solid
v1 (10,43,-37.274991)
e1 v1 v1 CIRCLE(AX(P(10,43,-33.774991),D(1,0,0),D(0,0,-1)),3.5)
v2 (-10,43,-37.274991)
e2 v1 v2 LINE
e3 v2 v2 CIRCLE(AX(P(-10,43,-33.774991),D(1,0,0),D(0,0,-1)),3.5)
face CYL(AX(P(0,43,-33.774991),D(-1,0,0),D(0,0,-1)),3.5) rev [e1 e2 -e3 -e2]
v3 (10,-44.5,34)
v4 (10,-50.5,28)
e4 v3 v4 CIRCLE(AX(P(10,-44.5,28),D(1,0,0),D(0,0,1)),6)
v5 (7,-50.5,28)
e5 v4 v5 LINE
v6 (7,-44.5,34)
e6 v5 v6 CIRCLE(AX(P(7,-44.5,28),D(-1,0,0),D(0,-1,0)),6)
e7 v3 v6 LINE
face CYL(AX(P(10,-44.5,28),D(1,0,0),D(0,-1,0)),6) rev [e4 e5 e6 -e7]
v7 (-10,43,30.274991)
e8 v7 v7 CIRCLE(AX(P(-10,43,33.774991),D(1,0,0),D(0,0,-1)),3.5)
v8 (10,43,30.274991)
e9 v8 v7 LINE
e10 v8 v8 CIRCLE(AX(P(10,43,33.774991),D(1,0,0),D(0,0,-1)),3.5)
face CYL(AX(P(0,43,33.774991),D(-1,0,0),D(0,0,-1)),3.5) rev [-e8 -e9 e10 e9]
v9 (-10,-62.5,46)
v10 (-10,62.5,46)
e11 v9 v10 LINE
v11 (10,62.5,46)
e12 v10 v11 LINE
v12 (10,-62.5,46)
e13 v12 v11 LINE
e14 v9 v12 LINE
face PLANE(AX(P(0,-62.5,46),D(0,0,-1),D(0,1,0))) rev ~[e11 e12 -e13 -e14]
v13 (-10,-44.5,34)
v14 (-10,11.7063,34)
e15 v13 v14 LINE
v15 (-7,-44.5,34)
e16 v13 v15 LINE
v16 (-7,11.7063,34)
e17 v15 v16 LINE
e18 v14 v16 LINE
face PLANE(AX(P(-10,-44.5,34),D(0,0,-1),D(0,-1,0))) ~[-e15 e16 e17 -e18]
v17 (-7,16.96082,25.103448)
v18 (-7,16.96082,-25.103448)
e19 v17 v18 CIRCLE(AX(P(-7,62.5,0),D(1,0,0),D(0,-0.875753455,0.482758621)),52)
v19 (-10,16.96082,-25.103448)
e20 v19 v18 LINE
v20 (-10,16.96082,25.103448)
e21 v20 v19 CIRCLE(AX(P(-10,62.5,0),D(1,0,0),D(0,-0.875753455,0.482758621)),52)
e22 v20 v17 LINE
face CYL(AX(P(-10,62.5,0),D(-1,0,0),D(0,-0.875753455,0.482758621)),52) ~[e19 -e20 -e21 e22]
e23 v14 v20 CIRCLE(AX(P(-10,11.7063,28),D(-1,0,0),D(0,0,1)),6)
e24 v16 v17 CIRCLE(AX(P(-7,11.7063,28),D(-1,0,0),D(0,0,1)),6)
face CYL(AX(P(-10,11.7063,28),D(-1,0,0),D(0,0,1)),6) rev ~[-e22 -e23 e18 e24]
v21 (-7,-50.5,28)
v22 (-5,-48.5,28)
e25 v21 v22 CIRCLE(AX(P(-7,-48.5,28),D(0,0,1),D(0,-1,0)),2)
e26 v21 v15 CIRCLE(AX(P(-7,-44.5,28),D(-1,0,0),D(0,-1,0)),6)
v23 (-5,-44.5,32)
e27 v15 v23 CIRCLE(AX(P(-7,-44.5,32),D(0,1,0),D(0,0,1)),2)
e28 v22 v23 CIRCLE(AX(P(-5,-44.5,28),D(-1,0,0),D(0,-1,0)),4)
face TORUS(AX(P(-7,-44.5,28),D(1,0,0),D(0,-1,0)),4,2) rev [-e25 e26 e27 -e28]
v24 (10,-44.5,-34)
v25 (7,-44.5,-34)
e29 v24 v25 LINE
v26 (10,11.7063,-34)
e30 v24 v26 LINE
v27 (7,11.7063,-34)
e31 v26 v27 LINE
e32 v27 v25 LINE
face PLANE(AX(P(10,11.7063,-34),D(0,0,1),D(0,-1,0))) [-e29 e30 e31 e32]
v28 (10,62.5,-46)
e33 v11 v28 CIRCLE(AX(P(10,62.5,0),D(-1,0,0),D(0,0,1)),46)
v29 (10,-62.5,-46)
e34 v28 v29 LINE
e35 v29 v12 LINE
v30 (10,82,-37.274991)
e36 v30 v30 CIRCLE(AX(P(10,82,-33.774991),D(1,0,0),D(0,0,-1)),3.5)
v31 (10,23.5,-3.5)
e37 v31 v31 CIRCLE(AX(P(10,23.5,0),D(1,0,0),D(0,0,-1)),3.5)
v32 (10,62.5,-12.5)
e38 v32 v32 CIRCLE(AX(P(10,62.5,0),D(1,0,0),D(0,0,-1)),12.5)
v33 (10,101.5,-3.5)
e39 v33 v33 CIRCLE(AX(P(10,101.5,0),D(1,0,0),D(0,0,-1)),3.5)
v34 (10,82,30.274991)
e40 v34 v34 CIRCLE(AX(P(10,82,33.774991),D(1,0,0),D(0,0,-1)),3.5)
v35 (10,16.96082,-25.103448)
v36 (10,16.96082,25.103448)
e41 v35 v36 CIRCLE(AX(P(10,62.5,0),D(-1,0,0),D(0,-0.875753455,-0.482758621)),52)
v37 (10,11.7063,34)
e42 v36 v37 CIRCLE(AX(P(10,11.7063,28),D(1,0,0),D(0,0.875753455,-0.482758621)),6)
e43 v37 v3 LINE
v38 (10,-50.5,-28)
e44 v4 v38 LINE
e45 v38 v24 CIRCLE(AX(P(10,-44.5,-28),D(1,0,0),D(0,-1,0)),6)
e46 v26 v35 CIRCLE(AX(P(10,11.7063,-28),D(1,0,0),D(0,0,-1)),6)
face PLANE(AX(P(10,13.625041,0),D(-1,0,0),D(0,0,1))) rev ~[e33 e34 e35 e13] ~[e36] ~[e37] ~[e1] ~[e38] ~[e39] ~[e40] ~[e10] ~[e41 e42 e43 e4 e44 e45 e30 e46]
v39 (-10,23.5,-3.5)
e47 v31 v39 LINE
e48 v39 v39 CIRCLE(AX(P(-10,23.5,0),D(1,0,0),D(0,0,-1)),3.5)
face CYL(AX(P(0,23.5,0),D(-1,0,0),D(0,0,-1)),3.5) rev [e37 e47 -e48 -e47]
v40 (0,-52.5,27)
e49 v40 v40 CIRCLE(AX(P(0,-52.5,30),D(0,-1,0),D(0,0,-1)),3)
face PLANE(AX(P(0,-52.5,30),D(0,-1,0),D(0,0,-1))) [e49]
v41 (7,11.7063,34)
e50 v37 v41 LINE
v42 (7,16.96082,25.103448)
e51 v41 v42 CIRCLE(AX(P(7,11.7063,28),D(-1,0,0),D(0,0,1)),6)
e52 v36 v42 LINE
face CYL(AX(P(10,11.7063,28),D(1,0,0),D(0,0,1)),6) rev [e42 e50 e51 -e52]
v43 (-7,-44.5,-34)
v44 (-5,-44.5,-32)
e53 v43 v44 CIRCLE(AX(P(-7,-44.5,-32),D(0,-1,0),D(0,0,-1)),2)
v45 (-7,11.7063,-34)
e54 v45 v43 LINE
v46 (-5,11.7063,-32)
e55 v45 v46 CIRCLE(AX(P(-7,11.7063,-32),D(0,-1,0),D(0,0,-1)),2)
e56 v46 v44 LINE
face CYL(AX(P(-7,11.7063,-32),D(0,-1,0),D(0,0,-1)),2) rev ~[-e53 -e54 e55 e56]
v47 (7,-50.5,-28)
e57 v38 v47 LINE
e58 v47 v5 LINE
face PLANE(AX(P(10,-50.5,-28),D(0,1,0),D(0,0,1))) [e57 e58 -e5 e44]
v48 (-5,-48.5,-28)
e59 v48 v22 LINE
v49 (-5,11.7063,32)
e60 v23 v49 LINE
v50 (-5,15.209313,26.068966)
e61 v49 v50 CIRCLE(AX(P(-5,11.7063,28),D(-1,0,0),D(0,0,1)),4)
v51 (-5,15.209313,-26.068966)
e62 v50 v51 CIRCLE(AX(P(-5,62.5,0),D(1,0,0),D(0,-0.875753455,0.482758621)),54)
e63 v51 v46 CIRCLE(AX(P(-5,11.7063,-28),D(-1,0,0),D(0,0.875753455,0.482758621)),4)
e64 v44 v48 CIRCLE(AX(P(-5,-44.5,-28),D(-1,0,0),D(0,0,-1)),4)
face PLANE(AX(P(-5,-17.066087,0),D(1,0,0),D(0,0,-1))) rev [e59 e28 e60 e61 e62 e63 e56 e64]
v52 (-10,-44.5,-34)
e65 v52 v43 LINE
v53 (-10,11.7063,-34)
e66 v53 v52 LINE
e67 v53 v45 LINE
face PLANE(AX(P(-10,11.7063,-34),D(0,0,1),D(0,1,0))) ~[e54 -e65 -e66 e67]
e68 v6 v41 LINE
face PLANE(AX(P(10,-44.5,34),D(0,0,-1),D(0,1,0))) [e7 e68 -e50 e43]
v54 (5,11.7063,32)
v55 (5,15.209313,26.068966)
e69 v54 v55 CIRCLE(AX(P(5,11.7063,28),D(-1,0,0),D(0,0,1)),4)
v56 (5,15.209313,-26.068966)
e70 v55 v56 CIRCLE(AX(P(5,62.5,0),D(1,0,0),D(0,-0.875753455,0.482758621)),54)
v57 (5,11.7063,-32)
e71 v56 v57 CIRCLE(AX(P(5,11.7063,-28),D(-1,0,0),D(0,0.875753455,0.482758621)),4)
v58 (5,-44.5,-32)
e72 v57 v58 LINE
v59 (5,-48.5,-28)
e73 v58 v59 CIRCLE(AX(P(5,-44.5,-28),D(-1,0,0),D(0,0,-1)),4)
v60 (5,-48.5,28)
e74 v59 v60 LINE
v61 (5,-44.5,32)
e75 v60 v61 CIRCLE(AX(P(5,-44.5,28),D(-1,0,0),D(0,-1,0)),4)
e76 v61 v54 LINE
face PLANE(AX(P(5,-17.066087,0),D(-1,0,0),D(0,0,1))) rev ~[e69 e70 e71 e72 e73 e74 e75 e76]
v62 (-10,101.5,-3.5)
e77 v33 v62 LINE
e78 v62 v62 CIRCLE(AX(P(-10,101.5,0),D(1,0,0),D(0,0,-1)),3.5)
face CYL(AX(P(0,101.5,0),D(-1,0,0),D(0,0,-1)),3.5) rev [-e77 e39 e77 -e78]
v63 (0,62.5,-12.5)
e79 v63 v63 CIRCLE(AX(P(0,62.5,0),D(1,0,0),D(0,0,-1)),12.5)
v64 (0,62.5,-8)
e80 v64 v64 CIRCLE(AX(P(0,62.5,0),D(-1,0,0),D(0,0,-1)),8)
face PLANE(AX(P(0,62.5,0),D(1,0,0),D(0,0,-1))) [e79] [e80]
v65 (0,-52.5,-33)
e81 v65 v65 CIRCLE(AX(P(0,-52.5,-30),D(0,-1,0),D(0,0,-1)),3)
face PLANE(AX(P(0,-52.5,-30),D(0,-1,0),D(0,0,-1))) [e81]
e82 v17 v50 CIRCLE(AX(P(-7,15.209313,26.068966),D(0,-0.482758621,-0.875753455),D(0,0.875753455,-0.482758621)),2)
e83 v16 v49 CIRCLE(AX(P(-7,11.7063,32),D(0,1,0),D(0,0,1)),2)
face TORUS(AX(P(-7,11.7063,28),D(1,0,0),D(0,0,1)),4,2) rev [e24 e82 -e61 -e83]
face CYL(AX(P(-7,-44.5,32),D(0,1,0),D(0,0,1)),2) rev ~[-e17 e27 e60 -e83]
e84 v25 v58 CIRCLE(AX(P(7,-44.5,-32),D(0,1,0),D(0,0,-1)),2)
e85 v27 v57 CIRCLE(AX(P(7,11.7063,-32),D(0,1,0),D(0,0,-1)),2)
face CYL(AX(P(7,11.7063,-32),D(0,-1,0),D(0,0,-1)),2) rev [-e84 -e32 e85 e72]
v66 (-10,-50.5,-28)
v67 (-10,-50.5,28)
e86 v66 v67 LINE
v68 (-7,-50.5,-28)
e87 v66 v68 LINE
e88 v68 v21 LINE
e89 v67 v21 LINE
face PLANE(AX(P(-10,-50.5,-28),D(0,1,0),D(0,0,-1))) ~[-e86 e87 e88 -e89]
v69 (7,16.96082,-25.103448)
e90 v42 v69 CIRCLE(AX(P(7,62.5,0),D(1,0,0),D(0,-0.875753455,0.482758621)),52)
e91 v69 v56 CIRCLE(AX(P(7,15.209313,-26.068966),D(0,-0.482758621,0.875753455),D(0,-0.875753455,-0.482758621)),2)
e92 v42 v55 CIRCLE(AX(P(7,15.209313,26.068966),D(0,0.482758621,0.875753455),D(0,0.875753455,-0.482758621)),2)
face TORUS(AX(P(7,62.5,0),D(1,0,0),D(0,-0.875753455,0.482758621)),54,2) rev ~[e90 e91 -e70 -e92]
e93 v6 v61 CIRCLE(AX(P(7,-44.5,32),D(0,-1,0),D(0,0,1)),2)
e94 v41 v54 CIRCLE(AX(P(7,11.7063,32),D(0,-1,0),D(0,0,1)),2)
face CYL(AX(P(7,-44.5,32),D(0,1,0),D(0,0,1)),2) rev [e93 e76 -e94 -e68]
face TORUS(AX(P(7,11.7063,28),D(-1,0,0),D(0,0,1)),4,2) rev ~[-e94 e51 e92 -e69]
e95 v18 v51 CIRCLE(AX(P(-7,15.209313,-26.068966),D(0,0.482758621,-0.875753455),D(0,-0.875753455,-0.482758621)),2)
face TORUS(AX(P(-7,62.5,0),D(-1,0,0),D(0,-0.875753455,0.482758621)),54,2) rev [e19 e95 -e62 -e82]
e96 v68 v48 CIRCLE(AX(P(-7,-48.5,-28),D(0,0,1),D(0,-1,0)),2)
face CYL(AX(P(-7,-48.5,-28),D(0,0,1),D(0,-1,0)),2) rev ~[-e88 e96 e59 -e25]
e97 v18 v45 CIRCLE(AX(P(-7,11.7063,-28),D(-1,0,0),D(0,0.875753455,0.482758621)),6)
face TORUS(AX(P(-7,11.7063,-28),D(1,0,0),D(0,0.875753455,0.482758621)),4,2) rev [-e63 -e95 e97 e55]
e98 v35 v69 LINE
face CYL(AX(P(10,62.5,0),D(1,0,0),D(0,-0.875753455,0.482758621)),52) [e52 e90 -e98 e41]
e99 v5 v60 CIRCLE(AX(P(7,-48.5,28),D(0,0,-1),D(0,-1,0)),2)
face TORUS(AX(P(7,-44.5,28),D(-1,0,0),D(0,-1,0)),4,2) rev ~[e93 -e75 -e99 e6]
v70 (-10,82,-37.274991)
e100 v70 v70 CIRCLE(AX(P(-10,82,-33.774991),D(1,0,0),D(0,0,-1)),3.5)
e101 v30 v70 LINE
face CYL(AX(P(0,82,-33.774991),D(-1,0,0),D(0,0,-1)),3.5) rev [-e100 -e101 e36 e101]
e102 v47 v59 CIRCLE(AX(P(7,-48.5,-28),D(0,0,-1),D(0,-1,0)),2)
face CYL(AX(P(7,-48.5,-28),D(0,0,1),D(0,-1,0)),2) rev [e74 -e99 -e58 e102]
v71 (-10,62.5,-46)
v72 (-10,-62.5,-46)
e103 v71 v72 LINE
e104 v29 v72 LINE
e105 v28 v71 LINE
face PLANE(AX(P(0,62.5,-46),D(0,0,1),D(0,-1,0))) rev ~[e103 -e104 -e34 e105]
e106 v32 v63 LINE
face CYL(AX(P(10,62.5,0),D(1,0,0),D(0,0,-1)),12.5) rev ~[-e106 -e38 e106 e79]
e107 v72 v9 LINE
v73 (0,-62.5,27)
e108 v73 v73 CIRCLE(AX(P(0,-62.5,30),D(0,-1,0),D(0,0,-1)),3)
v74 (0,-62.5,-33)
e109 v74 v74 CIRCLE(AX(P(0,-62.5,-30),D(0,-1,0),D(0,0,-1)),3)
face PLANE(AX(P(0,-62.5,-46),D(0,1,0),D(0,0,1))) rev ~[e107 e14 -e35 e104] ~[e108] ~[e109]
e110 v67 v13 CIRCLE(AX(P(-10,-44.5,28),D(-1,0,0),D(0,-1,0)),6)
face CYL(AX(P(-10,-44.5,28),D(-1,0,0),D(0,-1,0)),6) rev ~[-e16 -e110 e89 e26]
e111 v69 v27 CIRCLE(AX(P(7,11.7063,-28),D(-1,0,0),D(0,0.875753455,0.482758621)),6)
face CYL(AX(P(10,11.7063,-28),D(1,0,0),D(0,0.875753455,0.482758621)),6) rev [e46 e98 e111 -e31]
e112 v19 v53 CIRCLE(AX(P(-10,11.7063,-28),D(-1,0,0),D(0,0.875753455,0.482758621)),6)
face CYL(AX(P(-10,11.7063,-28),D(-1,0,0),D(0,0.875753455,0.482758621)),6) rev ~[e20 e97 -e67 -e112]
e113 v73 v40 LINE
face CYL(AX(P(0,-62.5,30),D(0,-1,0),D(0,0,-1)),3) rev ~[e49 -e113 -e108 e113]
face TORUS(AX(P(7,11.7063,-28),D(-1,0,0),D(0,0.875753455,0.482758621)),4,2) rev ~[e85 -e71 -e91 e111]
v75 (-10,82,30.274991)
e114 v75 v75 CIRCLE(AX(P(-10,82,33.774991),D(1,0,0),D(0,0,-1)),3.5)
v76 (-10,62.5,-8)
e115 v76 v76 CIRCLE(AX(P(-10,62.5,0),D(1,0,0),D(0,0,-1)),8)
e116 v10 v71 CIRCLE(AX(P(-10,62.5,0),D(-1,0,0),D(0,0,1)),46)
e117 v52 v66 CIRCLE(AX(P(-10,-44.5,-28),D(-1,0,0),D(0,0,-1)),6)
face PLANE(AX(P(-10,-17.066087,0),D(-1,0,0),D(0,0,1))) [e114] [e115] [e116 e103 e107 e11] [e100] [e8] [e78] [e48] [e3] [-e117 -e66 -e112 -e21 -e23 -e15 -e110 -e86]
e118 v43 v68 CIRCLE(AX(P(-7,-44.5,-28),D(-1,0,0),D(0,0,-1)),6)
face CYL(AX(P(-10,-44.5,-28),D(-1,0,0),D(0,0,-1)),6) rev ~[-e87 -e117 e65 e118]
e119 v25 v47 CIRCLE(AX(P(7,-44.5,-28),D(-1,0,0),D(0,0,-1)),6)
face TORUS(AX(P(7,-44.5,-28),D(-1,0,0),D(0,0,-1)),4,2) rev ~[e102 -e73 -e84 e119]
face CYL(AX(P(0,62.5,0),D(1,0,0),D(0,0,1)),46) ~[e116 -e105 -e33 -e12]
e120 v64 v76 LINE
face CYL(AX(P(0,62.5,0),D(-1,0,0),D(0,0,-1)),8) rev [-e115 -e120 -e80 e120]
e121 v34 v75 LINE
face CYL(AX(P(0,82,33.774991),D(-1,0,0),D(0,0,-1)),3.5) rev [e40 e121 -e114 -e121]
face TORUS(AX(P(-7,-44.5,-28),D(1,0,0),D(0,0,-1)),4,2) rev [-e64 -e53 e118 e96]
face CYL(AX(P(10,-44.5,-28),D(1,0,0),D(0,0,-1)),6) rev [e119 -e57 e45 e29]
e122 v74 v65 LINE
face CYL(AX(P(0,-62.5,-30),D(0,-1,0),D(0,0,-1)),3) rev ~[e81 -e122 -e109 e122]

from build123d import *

# Parameters (mm, degrees)
SKETCH1_R            = 3.5
SKETCH1_R_2          = 8
BOSS_EXTRUDE1_DEPTH  = 10
CUT_EXTRUDE1_DEPTH   = 5
FILLET1_R            = 2
SKETCH3_R            = 12.5
CUT_EXTRUDE2_DEPTH   = 10
FILLET1_OF_MIRROR1_R = 2
SKETCH6_R            = 3
CUT_EXTRUDE3_DEPTH   = 10


with BuildPart() as part:
    # Sketch1 → Boss-Extrude1 (new, symmetric)
    # profile 1 of 2: a face of its own
    with BuildSketch(Plane(origin=(0, 0, 0), x_dir=(0, 0, -1), z_dir=(1, 0, 0))):
        with BuildLine():
            ThreePointArc((-46, 62.5), (0, 108.5), (46, 62.5))
            Line((46, 62.5), (46, -62.5))
            Line((46, -62.5), (-46, -62.5))
            Line((-46, -62.5), (-46, 62.5))
        make_face()
        with Locations((-33.774990748, 82)):
            Circle(SKETCH1_R, mode=Mode.SUBTRACT)
        with Locations((-33.774990748, 43)):
            Circle(SKETCH1_R, mode=Mode.SUBTRACT)
        with Locations((0, 23.5)):
            Circle(SKETCH1_R, mode=Mode.SUBTRACT)
        with Locations((33.774990748, 43)):
            Circle(SKETCH1_R, mode=Mode.SUBTRACT)
        with Locations((33.774990748, 82)):
            Circle(SKETCH1_R, mode=Mode.SUBTRACT)
        with Locations((0, 62.5)):
            Circle(SKETCH1_R_2, mode=Mode.SUBTRACT)
        with Locations((0, 101.5)):
            Circle(SKETCH1_R, mode=Mode.SUBTRACT)
        with BuildLine():
            ThreePointArc((-25.103448276, 16.960820334), (-31.051285766, 16.872502771), (-34, 11.706299603))
            Line((-34, 11.706299603), (-34, -44.5))
            ThreePointArc((-34, -44.5), (-32.242640687, -48.742640687), (-28, -50.5))
            Line((-28, -50.5), (28, -50.5))
            ThreePointArc((28, -50.5), (32.242640687, -48.742640687), (34, -44.5))
            Line((34, -44.5), (34, 11.706299603))
            ThreePointArc((34, 11.706299603), (31.051285766, 16.872502771), (25.103448276, 16.960820334))
            ThreePointArc((25.103448276, 16.960820334), (0, 10.5), (-25.103448276, 16.960820334))
        make_face(mode=Mode.SUBTRACT)
    # profile 2 of 2: a face of its own
    with BuildSketch(Plane(origin=(0, 0, 0), x_dir=(0, 0, -1), z_dir=(1, 0, 0))):
        with BuildLine():
            ThreePointArc((-25.103448276, 16.960820334), (0, 10.5), (25.103448276, 16.960820334))
            ThreePointArc((25.103448276, 16.960820334), (31.051285766, 16.872502771), (34, 11.706299603))
            Line((34, 11.706299603), (34, -44.5))
            ThreePointArc((34, -44.5), (32.242640687, -48.742640687), (28, -50.5))
            Line((28, -50.5), (-28, -50.5))
            ThreePointArc((-28, -50.5), (-32.242640687, -48.742640687), (-34, -44.5))
            Line((-34, -44.5), (-34, 11.706299603))
            ThreePointArc((-34, 11.706299603), (-31.051285766, 16.872502771), (-25.103448276, 16.960820334))
        make_face()
    extrude(amount=BOSS_EXTRUDE1_DEPTH, both=True)

    # Sketch2 → Cut-Extrude1 (cut)
    with BuildSketch(Plane(origin=(10, 0, 0), x_dir=(0, 0, -1), z_dir=(1, 0, 0))):
        with BuildLine():
            ThreePointArc((-25.103448276, 16.960820334), (0, 10.5), (25.103448276, 16.960820334))
            ThreePointArc((25.103448276, 16.960820334), (31.051285766, 16.872502771), (34, 11.706299603))
            Line((34, 11.706299603), (34, -44.5))
            ThreePointArc((34, -44.5), (32.242640687, -48.742640687), (28, -50.5))
            Line((28, -50.5), (-28, -50.5))
            ThreePointArc((-28, -50.5), (-32.242640687, -48.742640687), (-34, -44.5))
            Line((-34, -44.5), (-34, 11.706299603))
            ThreePointArc((-34, 11.706299603), (-31.051285766, 16.872502771), (-25.103448276, 16.960820334))
        make_face()
    cut_extrude1 = extrude(amount=-CUT_EXTRUDE1_DEPTH, mode=Mode.SUBTRACT)

    # Fillet1
    fillet1_edges = [part.edges().sort_by_distance(p)[0] for p in [
        (5, -16.396850198, -34),
        (5, 16.872502771, 31.051285766),
        (5, 10.5, 0),
        (5, 16.872502771, -31.051285766),
        (5, -48.742640687, -32.242640687),
        (5, -50.5, 0),
        (5, -48.742640687, 32.242640687),
        (5, -16.396850198, 34),
    ]]
    fillet(fillet1_edges, radius=FILLET1_R)

    # Sketch3 → Cut-Extrude2 (cut)
    with BuildSketch(Plane(origin=(10, 0, 0), x_dir=(0, 0, -1), z_dir=(1, 0, 0))):
        with Locations((0, 62.5)):
            Circle(SKETCH3_R)
    extrude(amount=-CUT_EXTRUDE2_DEPTH, mode=Mode.SUBTRACT)

    # Mirror1: Cut-Extrude1 across plane
    add(cut_extrude1.mirror(Plane(origin=(0, 0, 0), x_dir=(0, 0, 1), z_dir=(1, 0, 0))), mode=Mode.SUBTRACT)

    # Fillet1 of Mirror1
    fillet1_of_mirror1_edges = [part.edges().sort_by_distance(p)[0] for p in [
        (-5, -16.396850198, -34),
        (-5, 16.872502771, 31.051285766),
        (-5, 10.5, 0),
        (-5, 16.872502771, -31.051285766),
        (-5, -48.742640687, -32.242640687),
        (-5, -50.5, 0),
        (-5, -48.742640687, 32.242640687),
        (-5, -16.396850198, 34),
    ]]
    fillet(fillet1_of_mirror1_edges, radius=FILLET1_OF_MIRROR1_R)

    # Sketch6 → Cut-Extrude3 (cut)
    with BuildSketch(Plane.XZ.offset(62.5)):
        with Locations(Location((0, 30, 0), (0, 0, 270))):
            Circle(SKETCH6_R)
        with Locations(Location((0, -30, 0), (0, 0, 270))):
            Circle(SKETCH6_R)
    extrude(amount=-CUT_EXTRUDE3_DEPTH, mode=Mode.SUBTRACT)


solid = part.part
